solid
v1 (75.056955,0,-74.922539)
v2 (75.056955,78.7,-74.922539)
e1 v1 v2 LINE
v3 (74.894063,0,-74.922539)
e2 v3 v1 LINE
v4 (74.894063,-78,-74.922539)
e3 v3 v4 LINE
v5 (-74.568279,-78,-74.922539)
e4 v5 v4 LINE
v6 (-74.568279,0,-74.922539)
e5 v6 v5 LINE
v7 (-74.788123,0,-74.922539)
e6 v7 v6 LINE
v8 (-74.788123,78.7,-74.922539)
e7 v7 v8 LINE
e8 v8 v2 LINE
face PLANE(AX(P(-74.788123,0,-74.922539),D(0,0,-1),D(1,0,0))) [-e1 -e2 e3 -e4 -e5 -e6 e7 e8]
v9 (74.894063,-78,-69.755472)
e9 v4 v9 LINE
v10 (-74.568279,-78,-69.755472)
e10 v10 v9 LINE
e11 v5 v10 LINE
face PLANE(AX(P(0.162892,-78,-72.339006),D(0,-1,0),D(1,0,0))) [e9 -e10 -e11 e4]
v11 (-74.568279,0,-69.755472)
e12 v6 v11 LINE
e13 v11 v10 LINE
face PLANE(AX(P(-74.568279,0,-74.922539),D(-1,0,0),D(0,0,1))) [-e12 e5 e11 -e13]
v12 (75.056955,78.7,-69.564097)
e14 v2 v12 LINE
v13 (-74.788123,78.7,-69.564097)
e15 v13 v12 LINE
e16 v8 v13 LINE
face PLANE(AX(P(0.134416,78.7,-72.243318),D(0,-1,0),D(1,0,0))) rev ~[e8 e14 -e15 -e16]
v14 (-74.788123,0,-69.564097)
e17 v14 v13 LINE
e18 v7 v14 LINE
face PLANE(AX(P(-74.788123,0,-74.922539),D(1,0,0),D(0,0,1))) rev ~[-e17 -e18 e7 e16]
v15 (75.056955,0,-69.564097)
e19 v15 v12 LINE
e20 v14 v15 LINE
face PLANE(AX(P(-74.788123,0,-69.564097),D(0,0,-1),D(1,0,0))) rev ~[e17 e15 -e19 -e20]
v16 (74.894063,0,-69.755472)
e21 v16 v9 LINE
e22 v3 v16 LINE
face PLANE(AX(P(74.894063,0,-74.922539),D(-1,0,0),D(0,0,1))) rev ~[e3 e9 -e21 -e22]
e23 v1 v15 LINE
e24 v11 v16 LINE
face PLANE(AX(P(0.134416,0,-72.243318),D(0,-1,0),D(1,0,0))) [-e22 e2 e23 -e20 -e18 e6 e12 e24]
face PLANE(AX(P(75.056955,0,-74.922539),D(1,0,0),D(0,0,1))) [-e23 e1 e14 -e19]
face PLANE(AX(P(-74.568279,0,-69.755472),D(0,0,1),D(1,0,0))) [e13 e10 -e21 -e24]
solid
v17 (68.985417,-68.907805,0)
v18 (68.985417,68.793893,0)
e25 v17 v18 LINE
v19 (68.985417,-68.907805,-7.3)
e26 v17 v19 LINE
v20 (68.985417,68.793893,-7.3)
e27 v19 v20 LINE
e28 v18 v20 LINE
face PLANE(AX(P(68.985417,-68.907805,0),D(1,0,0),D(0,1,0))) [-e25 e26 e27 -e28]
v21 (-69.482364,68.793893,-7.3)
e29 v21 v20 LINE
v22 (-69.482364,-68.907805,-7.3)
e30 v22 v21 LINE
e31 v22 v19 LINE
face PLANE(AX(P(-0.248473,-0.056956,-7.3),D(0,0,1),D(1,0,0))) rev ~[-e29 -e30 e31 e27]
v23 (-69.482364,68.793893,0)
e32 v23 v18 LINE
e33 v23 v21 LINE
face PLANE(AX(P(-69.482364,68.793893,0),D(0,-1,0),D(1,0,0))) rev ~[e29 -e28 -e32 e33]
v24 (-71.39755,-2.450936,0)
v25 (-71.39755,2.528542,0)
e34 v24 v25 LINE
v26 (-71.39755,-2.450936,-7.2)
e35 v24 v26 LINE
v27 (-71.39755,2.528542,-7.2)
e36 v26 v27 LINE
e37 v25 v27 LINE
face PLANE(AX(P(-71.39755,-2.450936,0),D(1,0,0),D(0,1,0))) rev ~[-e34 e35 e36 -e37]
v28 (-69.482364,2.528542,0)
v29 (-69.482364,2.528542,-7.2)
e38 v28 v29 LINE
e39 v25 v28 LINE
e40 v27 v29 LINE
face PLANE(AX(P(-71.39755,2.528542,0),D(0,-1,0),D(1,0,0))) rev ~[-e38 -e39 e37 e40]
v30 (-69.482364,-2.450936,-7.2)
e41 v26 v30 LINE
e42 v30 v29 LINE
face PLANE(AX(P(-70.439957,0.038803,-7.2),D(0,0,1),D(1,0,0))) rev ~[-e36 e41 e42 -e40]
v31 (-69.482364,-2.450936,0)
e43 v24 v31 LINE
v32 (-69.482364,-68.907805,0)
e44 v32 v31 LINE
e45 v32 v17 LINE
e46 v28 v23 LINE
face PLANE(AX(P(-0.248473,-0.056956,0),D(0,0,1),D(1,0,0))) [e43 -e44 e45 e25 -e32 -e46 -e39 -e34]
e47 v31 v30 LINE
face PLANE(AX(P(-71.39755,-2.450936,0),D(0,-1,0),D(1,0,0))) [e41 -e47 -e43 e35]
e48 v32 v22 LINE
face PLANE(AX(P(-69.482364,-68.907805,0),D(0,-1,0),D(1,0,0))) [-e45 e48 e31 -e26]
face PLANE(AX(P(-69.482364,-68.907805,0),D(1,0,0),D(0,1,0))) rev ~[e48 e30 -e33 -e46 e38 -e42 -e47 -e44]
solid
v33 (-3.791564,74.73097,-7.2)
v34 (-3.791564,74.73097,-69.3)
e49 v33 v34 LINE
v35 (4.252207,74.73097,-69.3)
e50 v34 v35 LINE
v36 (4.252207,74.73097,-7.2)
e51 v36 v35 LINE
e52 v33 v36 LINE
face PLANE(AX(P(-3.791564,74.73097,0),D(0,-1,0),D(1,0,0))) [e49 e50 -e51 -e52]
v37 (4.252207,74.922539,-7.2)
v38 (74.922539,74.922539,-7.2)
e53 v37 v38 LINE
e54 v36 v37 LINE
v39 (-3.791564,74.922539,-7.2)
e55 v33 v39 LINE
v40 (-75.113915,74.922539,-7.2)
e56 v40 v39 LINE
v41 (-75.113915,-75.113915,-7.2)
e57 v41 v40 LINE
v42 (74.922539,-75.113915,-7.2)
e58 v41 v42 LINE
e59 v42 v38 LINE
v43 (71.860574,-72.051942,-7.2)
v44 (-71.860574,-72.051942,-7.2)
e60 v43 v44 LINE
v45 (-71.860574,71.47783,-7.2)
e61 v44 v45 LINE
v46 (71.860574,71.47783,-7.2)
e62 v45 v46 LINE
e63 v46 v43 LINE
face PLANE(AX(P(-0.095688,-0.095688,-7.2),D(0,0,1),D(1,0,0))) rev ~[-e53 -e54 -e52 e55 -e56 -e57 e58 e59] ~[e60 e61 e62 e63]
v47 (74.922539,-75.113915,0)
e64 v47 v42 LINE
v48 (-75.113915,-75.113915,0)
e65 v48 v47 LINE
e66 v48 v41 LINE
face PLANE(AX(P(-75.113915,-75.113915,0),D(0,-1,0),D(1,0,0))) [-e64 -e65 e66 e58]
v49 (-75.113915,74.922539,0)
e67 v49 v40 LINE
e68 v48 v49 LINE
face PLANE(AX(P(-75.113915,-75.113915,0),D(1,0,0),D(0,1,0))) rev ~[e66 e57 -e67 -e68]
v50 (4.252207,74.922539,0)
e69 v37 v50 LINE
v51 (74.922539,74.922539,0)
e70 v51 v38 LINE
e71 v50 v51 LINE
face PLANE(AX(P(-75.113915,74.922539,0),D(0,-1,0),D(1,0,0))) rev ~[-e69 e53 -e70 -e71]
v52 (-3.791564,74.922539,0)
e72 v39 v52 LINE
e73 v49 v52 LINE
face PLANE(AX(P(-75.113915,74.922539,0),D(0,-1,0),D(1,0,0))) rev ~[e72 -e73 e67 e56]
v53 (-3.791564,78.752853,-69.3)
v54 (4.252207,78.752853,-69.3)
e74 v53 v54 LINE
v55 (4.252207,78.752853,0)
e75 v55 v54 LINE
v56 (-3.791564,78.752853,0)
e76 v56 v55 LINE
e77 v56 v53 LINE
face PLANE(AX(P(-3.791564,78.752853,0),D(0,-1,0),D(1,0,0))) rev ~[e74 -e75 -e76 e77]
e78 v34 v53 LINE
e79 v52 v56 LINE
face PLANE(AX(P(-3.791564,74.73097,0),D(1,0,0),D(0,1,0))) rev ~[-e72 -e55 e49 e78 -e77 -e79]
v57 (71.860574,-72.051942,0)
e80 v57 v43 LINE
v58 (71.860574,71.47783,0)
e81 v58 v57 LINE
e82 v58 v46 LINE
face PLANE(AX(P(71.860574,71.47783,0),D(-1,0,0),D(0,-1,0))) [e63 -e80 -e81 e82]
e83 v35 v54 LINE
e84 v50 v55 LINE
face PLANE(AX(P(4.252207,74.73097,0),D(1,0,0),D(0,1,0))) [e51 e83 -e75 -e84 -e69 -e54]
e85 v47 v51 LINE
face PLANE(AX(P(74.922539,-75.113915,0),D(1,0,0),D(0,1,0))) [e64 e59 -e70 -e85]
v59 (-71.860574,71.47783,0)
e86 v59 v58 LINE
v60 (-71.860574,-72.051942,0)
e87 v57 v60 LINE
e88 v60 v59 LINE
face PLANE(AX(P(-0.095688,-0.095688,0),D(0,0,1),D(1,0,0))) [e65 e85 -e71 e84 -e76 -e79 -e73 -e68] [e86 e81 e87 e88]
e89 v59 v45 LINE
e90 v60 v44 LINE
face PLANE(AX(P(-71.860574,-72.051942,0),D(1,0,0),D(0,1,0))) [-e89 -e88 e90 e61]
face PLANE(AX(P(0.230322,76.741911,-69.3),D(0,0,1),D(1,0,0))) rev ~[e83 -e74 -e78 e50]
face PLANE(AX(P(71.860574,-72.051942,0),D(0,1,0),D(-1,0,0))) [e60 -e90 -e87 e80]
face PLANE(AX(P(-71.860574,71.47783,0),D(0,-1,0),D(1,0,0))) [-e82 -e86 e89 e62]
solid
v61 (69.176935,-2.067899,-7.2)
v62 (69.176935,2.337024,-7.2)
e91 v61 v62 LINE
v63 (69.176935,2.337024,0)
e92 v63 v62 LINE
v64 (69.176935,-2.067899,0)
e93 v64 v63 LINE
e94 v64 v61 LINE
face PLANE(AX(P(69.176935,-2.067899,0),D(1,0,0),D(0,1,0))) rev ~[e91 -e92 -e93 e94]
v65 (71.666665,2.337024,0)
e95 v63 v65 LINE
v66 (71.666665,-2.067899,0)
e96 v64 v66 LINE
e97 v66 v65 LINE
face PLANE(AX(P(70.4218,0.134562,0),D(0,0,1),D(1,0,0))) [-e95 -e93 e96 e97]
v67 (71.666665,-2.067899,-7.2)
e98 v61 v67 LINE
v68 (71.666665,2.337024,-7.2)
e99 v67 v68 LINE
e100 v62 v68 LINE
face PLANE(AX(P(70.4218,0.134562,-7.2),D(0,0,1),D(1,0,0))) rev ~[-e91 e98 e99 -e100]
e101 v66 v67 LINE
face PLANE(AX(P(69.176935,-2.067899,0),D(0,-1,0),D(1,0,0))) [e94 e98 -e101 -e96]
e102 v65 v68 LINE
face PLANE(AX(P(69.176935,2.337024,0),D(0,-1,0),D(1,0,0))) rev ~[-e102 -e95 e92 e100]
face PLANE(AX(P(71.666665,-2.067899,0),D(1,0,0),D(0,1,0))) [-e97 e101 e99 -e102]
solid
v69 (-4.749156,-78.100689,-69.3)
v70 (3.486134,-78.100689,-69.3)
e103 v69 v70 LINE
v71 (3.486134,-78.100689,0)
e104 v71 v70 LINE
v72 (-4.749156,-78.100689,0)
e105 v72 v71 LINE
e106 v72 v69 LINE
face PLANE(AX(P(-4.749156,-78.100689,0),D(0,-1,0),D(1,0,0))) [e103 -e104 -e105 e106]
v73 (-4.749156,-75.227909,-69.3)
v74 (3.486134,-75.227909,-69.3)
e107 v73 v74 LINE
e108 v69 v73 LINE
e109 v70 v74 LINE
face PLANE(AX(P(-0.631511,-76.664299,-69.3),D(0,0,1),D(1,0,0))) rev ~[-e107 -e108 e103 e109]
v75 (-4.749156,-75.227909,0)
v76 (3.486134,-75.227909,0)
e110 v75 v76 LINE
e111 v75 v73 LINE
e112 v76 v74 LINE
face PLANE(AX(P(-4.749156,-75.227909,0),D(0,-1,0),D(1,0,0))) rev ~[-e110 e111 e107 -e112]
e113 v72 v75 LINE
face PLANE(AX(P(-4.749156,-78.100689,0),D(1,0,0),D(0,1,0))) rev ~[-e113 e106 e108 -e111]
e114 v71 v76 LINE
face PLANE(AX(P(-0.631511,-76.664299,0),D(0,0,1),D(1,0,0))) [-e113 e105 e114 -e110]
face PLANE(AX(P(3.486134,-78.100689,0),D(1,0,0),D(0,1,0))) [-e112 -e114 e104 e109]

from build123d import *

# Parameters (mm, degrees)
F0_W      = 150.0364542007
F0_H      = 150.0364542007
F1_DEPTH  = 7.2
F2_W      = 138.4677812457
F2_H      = 137.7016976476
F3_DEPTH  = 7.3
F4_W      = 1.9151866436
F4_H      = 4.979477264
F5_DEPTH  = 7.2
F4_W_2    = 2.4897307158
F4_H_2    = 4.4049224816
F6_W      = 8.0437709112
F6_H      = 4.0218830109
F7_DEPTH  = 69.3
F6_W_2    = 8.2352899481
F6_H_2    = 2.8727799654
F8_W      = 149.8450785875
F8_H      = 5.3584426641
F9_DEPTH  = 78.7
F10_W     = 149.4623422623
F10_H     = 5.1670670509
F11_DEPTH = 78


with BuildPart() as f1:
    # F0 (on Top) → F1 (new body)
    with BuildSketch(Plane.XY):
        with Locations((-0.0956878066, -0.0956878066)):
            Rectangle(F0_W, F0_H)
        Polygon((-71.8605741858, -72.0519423485), (-71.8605741858, 71.47783041), (-2.5835367851, 71.47783041), (2.5835365523, 71.47783041), (71.8605741858, 71.47783041), (71.8605741858, -72.0519423485), (2.5835365523, -72.0519423485), (-2.5835367851, -72.0519423485), align=None, mode=Mode.SUBTRACT)
    extrude(amount=-F1_DEPTH)

    # F6 (on Top) → F7 (join)
    with BuildSketch(Plane.XY):
        with Locations((0.2303215442, 76.7419114709)):
            Rectangle(F6_W, F6_H)
    extrude(amount=-F7_DEPTH)


with BuildPart() as f3:
    # F2 (on Top) → F3 (new body)
    with BuildSketch(Plane.XY):
        with Locations((-0.2484731376, -0.0569559634)):
            Rectangle(F2_W, F2_H)
    extrude(amount=-F3_DEPTH)

    # F4 (on Top) → F5 (join)
    with BuildSketch(Plane.XY):
        with Locations((-70.4399570823, 0.0388030894)):
            Rectangle(F4_W, F4_H)
    extrude(amount=-F5_DEPTH)


with BuildPart() as f5:
    # F4 (on Top) → F5, piece 2 (new body)
    with BuildSketch(Plane.XY):
        with Locations((70.4218000174, 0.134562375)):
            Rectangle(F4_W_2, F4_H_2)
    extrude(amount=-F5_DEPTH)


with BuildPart() as f7:
    # F6 (on Top) → F7, piece 2 (new body)
    with BuildSketch(Plane.XY):
        with Locations((-0.631511095, -76.6642987728)):
            Rectangle(F6_W_2, F6_H_2)
    extrude(amount=-F7_DEPTH)


with BuildPart() as f9:
    # F8 (on Front) → F9 (new body)
    with BuildSketch(Plane.XZ):
        with Locations((0.1344159245, -72.2433179617)):
            Rectangle(F8_W, F8_H)
    extrude(amount=-F9_DEPTH)

    # F10 (on Front) → F11 (join)
    with BuildSketch(Plane.XZ):
        with Locations((0.1628920436, -72.3390057683)):
            Rectangle(F10_W, F10_H)
    extrude(amount=F11_DEPTH)


solid = Compound([f1.part, f3.part, f5.part, f7.part, f9.part])
